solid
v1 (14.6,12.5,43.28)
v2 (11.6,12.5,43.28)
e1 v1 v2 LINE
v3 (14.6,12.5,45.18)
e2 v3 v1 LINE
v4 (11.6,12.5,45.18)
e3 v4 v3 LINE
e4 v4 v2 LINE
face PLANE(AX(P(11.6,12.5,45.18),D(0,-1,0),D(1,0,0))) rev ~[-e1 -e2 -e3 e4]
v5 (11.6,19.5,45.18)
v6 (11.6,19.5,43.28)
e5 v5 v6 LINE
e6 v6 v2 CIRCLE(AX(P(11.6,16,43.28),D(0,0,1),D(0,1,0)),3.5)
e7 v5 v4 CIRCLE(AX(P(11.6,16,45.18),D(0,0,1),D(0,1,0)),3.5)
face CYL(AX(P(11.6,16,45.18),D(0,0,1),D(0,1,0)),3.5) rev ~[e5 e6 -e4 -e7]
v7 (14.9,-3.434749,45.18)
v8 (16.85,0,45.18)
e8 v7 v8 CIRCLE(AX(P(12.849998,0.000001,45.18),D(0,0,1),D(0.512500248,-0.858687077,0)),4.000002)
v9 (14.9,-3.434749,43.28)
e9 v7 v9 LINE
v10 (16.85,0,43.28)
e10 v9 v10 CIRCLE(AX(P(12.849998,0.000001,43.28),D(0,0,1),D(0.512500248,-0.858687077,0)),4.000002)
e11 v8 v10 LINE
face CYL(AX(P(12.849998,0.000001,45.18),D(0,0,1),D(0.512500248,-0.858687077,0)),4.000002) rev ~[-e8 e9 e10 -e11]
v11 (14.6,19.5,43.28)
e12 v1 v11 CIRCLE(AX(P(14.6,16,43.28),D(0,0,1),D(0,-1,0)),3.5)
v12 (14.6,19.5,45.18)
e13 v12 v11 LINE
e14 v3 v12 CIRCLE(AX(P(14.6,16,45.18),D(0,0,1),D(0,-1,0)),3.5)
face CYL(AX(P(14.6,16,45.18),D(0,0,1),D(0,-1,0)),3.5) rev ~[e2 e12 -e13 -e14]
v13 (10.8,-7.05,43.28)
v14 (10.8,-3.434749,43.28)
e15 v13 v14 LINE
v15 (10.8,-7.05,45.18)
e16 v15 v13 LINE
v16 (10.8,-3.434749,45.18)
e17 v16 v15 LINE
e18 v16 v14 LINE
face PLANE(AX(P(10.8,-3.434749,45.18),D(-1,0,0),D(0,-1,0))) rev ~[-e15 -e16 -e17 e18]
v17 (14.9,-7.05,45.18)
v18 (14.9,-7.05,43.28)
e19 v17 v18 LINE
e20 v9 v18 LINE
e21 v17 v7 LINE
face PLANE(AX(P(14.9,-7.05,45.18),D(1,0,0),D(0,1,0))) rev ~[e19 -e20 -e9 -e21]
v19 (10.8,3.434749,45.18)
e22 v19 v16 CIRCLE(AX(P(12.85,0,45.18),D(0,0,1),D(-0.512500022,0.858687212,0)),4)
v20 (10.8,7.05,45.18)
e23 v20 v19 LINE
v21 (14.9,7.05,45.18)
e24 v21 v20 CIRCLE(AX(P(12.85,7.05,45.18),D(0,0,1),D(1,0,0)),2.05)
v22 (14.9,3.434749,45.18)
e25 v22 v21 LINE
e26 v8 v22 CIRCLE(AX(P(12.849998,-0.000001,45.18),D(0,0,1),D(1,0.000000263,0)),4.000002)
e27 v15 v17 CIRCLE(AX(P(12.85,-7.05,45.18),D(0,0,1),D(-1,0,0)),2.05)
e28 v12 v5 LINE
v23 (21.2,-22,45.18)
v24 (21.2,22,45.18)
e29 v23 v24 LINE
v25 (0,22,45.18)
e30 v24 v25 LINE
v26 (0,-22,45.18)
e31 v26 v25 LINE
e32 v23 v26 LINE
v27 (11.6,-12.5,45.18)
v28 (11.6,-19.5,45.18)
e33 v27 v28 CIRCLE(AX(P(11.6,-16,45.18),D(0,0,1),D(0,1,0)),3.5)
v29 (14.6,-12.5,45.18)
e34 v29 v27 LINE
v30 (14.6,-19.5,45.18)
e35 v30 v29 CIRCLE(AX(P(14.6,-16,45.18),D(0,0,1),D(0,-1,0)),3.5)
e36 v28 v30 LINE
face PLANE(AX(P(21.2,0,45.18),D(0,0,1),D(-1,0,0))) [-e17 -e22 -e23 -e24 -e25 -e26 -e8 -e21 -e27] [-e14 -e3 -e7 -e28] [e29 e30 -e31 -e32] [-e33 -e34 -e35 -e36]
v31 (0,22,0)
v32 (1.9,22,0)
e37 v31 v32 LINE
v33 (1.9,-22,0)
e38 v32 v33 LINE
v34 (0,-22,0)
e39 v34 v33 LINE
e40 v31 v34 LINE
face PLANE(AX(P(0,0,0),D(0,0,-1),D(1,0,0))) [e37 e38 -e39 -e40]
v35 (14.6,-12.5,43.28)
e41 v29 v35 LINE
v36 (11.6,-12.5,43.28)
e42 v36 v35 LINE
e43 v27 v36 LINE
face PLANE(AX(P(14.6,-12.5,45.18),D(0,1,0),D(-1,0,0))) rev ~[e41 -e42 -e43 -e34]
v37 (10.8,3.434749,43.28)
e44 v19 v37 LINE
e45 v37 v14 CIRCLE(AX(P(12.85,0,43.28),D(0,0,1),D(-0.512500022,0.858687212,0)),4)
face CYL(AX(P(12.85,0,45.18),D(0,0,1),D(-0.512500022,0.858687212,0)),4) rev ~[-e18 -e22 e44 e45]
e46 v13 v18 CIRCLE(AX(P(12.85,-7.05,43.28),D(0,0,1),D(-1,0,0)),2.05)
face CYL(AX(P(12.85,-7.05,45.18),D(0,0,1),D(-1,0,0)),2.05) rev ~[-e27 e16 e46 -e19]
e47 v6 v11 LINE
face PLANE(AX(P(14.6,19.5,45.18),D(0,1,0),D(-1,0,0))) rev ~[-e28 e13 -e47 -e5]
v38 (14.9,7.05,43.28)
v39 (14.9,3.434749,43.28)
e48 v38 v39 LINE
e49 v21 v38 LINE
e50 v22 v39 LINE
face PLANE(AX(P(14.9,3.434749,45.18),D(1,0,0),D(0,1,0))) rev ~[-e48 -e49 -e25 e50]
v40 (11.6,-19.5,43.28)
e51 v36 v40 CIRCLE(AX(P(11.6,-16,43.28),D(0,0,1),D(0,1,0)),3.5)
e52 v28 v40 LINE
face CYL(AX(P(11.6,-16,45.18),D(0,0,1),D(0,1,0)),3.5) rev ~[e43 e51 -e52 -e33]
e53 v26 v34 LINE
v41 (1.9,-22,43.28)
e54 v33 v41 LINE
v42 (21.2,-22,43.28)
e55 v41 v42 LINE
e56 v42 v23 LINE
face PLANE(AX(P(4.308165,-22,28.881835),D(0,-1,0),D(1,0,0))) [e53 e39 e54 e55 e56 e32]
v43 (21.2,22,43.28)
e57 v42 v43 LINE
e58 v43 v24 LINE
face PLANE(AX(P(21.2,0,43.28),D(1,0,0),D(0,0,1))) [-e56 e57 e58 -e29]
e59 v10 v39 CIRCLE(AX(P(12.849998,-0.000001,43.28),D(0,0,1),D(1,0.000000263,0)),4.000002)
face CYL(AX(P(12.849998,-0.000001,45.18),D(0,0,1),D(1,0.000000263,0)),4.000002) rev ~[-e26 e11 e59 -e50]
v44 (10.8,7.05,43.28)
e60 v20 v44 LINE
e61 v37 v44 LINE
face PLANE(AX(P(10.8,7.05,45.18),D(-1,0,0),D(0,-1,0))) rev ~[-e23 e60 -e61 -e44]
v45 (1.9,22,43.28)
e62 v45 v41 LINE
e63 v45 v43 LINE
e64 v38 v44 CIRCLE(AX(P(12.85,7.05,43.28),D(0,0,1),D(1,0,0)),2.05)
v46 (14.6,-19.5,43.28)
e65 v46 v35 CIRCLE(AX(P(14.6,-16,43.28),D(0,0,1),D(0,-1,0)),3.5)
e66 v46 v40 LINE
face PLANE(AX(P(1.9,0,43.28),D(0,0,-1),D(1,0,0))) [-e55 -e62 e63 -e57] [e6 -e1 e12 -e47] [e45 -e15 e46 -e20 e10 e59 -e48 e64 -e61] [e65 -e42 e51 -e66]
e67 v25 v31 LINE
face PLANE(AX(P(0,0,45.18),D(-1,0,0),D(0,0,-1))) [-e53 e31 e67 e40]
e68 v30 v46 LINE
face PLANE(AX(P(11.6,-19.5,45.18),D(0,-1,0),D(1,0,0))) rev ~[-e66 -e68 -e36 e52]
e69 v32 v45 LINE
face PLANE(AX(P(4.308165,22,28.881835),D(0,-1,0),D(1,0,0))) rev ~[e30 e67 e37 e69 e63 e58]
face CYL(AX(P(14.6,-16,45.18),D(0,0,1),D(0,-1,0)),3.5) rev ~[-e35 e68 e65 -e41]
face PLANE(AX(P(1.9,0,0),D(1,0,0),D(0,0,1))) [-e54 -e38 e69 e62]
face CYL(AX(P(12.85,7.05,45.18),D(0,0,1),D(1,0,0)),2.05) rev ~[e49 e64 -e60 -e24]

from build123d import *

# Parameters (mm, degrees)
F1_DEPTH = 22
F3_DEPTH = 45.181


with BuildPart() as f1:
    # F0 (on Front) → F1 (new body, symmetric)
    with BuildSketch(Plane.XZ):
        Polygon((0, 45.18), (0, 0), (1.9, 0), (1.9, 43.28), (21.2, 43.28), (21.2, 45.18), align=None)
    extrude(amount=F1_DEPTH, both=True)

    # F2 (on face) → F3 (cut, through all)
    with BuildSketch(Plane.XY.offset(45.18)):
        with BuildLine():
            ThreePointArc((11.6, -12.5), (8.1, -16), (11.6, -19.5))
            Line((11.6, -19.5), (14.6, -19.5))
            ThreePointArc((14.6, -19.5), (18.1, -16), (14.6, -12.5))
            Line((14.6, -12.5), (11.6, -12.5))
        make_face()
        with BuildLine():
            ThreePointArc((11.6, 19.5), (8.1, 16), (11.6, 12.5))
            Line((11.6, 12.5), (14.6, 12.5))
            ThreePointArc((14.6, 12.5), (18.1, 16), (14.6, 19.5))
            Line((14.6, 19.5), (11.6, 19.5))
        make_face()
        with BuildLine():
            ThreePointArc((14.9, 7.05), (12.85, 9.1), (10.8, 7.05))
            Line((10.8, 7.05), (10.8, 3.434749))
            ThreePointArc((10.8, 3.434749), (12.85, 4), (14.9, 3.434749))
            Line((14.9, 3.434749), (14.9, 7.05))
        make_face()
        with BuildLine():
            ThreePointArc((14.9, 3.434749), (12.85, 4), (10.8, 3.434749))
            ThreePointArc((10.8, 3.434749), (8.85, 0), (10.8, -3.434749))
            ThreePointArc((10.8, -3.434749), (12.85, -4), (14.9, -3.434749))
            ThreePointArc((14.9, -3.434749), (16.328505, -1.974842), (16.85, 0))
            ThreePointArc((16.85, 0), (16.328505, 1.974842), (14.9, 3.434749))
        make_face()
        with BuildLine():
            ThreePointArc((14.9, -3.434749), (12.85, -4), (10.8, -3.434749))
            Line((10.8, -3.434749), (10.8, -7.05))
            ThreePointArc((10.8, -7.05), (12.85, -9.1), (14.9, -7.05))
            Line((14.9, -7.05), (14.9, -3.434749))
        make_face()
    extrude(amount=-F3_DEPTH, mode=Mode.SUBTRACT)


solid = f1.part
